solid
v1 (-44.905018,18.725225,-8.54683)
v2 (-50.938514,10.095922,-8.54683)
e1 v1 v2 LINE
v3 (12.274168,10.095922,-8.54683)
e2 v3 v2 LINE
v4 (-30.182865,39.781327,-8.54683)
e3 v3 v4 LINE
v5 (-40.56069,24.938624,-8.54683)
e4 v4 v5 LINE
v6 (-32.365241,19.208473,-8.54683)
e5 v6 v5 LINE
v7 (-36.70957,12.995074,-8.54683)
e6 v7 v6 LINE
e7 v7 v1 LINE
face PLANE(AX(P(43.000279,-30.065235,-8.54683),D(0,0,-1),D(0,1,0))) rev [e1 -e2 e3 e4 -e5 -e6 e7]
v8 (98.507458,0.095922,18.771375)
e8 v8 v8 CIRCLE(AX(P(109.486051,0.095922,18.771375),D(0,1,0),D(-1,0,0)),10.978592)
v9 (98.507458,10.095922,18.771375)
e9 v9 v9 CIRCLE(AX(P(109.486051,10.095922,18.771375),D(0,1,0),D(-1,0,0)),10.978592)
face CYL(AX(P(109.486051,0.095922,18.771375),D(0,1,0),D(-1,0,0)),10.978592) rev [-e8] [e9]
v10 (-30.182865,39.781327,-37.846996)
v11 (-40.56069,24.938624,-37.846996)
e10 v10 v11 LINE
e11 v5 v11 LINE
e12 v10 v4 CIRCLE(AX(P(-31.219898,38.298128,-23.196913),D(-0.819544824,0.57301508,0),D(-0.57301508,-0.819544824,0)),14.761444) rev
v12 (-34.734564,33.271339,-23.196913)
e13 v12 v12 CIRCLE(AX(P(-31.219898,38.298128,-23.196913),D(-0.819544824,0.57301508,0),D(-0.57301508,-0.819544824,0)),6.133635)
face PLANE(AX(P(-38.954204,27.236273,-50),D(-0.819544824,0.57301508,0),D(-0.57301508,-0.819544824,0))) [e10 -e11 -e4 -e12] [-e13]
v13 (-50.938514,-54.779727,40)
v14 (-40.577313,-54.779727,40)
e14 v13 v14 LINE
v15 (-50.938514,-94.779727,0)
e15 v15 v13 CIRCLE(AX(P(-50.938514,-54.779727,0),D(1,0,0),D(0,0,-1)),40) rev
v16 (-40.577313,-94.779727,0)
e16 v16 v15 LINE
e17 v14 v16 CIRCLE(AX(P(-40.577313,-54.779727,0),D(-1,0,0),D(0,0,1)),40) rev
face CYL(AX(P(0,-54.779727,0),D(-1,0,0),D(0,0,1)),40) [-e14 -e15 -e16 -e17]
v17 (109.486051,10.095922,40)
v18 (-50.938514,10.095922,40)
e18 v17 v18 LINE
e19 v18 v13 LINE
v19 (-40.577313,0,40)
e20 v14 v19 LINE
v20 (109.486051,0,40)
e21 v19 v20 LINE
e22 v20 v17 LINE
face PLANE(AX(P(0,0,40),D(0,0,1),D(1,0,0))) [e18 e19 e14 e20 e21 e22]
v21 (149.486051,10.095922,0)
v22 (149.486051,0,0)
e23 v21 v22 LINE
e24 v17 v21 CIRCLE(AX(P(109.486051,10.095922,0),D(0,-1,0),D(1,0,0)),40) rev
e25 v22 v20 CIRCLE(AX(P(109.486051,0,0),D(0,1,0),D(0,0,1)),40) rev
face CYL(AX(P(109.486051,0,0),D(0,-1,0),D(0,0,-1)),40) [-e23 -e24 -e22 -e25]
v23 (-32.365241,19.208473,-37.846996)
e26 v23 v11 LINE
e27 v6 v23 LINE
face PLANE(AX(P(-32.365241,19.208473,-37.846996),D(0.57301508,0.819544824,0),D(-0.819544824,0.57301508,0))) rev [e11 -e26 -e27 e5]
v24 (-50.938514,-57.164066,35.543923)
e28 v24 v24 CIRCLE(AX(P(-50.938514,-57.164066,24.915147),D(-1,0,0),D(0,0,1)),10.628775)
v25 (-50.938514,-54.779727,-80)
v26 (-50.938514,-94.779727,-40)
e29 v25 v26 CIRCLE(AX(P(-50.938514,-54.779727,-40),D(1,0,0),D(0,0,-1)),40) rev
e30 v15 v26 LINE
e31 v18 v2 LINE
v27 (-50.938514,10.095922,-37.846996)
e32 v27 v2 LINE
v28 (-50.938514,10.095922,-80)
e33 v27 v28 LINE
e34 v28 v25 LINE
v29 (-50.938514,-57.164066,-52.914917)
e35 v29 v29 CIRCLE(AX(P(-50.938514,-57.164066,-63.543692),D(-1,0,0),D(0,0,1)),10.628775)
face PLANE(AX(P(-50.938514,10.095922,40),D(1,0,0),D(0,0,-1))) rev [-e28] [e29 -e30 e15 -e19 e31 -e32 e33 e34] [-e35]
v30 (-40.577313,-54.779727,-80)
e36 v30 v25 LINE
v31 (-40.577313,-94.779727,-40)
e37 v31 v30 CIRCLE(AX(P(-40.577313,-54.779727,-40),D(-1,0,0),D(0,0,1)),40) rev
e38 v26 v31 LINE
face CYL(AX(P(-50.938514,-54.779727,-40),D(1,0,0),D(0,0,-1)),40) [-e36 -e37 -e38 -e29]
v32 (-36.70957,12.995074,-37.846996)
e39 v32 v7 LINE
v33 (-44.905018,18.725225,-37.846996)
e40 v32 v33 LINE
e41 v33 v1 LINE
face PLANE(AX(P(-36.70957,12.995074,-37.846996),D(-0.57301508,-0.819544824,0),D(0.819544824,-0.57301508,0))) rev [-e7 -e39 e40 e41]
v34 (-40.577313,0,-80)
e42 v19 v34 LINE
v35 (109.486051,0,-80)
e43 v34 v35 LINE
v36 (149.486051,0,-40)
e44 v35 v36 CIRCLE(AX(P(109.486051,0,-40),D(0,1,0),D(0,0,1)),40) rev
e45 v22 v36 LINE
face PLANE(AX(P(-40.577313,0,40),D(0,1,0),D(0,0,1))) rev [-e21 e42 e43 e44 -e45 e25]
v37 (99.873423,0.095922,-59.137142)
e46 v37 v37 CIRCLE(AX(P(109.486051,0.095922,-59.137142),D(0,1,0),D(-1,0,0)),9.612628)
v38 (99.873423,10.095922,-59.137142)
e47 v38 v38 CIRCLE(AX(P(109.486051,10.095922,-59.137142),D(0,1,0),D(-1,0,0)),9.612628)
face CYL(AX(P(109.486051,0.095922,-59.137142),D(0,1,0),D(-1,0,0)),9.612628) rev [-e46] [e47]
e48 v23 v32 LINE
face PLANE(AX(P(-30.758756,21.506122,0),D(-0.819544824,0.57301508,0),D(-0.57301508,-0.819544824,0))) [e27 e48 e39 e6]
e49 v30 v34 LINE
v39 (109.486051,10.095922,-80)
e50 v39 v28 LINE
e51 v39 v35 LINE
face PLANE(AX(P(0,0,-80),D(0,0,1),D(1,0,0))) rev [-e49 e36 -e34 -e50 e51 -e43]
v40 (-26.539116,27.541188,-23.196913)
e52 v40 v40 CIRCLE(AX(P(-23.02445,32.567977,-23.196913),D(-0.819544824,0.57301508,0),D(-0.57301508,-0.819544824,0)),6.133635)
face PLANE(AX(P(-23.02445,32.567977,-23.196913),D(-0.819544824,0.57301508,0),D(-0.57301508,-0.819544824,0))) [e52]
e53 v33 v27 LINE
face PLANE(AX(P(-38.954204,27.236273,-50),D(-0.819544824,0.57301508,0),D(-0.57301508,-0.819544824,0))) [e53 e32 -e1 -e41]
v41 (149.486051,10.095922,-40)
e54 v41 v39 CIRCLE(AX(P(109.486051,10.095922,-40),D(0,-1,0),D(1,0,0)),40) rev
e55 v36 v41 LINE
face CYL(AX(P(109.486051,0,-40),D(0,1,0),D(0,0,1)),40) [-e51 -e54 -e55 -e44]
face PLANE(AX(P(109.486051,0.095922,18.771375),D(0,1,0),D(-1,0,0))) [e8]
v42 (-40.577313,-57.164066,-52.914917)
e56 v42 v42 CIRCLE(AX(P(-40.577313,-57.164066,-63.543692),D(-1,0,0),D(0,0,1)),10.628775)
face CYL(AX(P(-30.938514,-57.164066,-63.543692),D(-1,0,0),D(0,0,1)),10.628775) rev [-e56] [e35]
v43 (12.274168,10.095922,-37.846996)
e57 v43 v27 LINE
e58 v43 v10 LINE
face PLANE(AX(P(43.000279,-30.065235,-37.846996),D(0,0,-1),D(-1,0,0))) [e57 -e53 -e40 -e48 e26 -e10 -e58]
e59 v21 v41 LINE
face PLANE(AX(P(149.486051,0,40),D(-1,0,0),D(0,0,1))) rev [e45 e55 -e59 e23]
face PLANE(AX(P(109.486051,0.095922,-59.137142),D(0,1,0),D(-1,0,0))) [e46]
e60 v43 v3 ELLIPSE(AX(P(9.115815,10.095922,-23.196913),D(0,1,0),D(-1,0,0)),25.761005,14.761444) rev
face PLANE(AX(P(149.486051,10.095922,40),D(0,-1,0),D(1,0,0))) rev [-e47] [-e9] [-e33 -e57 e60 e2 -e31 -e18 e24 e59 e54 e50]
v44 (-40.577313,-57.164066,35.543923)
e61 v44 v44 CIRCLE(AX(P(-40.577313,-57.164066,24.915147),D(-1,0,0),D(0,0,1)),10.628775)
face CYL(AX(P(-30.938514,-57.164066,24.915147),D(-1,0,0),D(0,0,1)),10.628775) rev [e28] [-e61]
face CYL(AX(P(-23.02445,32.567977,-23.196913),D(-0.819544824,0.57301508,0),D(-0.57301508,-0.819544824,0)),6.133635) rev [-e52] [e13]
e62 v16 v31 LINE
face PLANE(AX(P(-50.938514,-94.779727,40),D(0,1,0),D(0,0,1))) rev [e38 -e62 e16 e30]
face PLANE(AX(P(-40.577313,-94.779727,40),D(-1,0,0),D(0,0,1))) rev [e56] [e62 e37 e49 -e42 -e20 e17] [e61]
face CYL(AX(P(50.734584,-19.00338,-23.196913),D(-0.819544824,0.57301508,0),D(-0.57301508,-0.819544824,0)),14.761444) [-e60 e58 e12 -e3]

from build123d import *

# Parameters (mm, degrees)
BOSS_EXTRUDE1_DEPTH      = 50
CUT_EXTRUDE1_DEPTH       = 100
BOSS_EXTRUDE2_DEPTH      = 40
BOSS_EXTRUDE2_DEPTH_BACK = 80
SKETCH5_R                = 6.133635391
SKETCH5_W                = 29.300165504
SKETCH5_H                = 7.581524949
CUT_EXTRUDE2_DEPTH       = 10
FILLET1_R                = 40
FILLET2_R                = 40
SKETCH6_R                = 9.612627596
SKETCH6_R_2              = 10.978592339
CUT_EXTRUDE3_DEPTH       = 10
SKETCH7_R                = 10.62877533
CUT_EXTRUDE4_DEPTH       = 20


with BuildPart() as part:
    # Sketch1 → Boss-Extrude1 (new body)
    with BuildSketch(Plane.XY):
        Polygon((34.876820554, 10.095921739), (-11.47263834, 66.541302373), (-50.93851423, 10.095921739), align=None)
    extrude(amount=-BOSS_EXTRUDE1_DEPTH)

    # Sketch2 → Cut-Extrude1 (cut)
    with BuildSketch(Plane(origin=(-38.95420386, 27.236272618, 0), x_dir=(0, 0, 1), z_dir=(-0.819544824, 0.57301508, 0))):
        Polygon((-37.846995644, 47.959585147), (-37.846995644, 28.259004522), (-23.196912892, 28.259004522), (-8.54683014, 28.259004522), (0, 28.259004522), (0, 47.959585147), align=None)
        Polygon((-8.54683014, 15.307343506), (-8.54683014, -20.914476405), (0, -20.914476405), (0, 28.259004522), (-8.54683014, 28.259004522), align=None)
        with BuildLine():
            ThreePointArc((-23.196912892, 28.259004522), (-13.419765459, 24.556838072), (-8.54683014, 15.307343506))
            Line((-8.54683014, 15.307343506), (-8.54683014, 28.259004522))
            Line((-8.54683014, 28.259004522), (-23.196912892, 28.259004522))
        make_face()
        with BuildLine():
            Line((-37.846995644, 28.259004522), (-37.846995644, 15.307343506))
            ThreePointArc((-37.846995644, 15.307343506), (-32.974060325, 24.556838072), (-23.196912892, 28.259004522))
            Line((-23.196912892, 28.259004522), (-37.846995644, 28.259004522))
        make_face()
        Polygon((-50, -20.914476405), (-37.846995644, -20.914476405), (-37.846995644, 15.307343506), (-37.846995644, 28.259004522), (-37.846995644, 47.959585147), (-50, 47.959585147), align=None)
    extrude(amount=-CUT_EXTRUDE1_DEPTH, mode=Mode.SUBTRACT)

    # Sketch3 → Boss-Extrude2 (add, two sides)
    with BuildSketch(Plane.XY) as boss_extrude2_sk:
        Polygon((149.486050835, 10.095921739), (-50.93851423, 10.095921739), (-50.93851423, -94.77972655), (-40.577313053, -94.77972655), (-40.577313053, 0), (149.486050835, 0), align=None)
    extrude(amount=BOSS_EXTRUDE2_DEPTH)
    extrude(boss_extrude2_sk.sketch, amount=-BOSS_EXTRUDE2_DEPTH_BACK)

    # Sketch5 → Cut-Extrude2 (cut)
    with BuildSketch(Plane(origin=(-38.95420386, 27.236272618, 0), x_dir=(0, 0, 1), z_dir=(-0.819544824, 0.57301508, 0))):
        with Locations((-23.196912892, 13.497560131)):
            Circle(SKETCH5_R)
        with Locations((-23.196912892, -6.594328923)):
            Rectangle(SKETCH5_W, SKETCH5_H)
    extrude(amount=-CUT_EXTRUDE2_DEPTH, mode=Mode.SUBTRACT)

    # Fillet1
    fillet1_edges = [part.edges().sort_by_distance(p)[0] for p in [
        (-45.757913642, -94.77972655, -80),
        (-45.757913642, -94.77972655, 40),
    ]]
    fillet(fillet1_edges, radius=FILLET1_R)

    # Fillet2
    fillet2_edges = [part.edges().sort_by_distance(p)[0] for p in [
        (149.486050835, 5.04796087, -80),
        (149.486050835, 5.04796087, 40),
    ]]
    fillet(fillet2_edges, radius=FILLET2_R)

    # Sketch6 → Cut-Extrude3 (cut)
    with BuildSketch(Plane(origin=(0, 10.095921739, 0), x_dir=(1, 0, 0), z_dir=(0, 1, 0))):
        with Locations((109.486050835, 59.137142256)):
            Circle(SKETCH6_R)
        with Locations((109.486050835, -18.771374572)):
            Circle(SKETCH6_R_2)
    extrude(amount=-CUT_EXTRUDE3_DEPTH, mode=Mode.SUBTRACT)

    # Sketch7 → Cut-Extrude4 (cut)
    with BuildSketch(Plane.ZY.offset(50.93851423)):
        with Locations((-63.54369248, -57.164065998)):
            Circle(SKETCH7_R)
        with Locations((24.915147361, -57.164065998)):
            Circle(SKETCH7_R)
    extrude(amount=-CUT_EXTRUDE4_DEPTH, mode=Mode.SUBTRACT)


solid = part.part
